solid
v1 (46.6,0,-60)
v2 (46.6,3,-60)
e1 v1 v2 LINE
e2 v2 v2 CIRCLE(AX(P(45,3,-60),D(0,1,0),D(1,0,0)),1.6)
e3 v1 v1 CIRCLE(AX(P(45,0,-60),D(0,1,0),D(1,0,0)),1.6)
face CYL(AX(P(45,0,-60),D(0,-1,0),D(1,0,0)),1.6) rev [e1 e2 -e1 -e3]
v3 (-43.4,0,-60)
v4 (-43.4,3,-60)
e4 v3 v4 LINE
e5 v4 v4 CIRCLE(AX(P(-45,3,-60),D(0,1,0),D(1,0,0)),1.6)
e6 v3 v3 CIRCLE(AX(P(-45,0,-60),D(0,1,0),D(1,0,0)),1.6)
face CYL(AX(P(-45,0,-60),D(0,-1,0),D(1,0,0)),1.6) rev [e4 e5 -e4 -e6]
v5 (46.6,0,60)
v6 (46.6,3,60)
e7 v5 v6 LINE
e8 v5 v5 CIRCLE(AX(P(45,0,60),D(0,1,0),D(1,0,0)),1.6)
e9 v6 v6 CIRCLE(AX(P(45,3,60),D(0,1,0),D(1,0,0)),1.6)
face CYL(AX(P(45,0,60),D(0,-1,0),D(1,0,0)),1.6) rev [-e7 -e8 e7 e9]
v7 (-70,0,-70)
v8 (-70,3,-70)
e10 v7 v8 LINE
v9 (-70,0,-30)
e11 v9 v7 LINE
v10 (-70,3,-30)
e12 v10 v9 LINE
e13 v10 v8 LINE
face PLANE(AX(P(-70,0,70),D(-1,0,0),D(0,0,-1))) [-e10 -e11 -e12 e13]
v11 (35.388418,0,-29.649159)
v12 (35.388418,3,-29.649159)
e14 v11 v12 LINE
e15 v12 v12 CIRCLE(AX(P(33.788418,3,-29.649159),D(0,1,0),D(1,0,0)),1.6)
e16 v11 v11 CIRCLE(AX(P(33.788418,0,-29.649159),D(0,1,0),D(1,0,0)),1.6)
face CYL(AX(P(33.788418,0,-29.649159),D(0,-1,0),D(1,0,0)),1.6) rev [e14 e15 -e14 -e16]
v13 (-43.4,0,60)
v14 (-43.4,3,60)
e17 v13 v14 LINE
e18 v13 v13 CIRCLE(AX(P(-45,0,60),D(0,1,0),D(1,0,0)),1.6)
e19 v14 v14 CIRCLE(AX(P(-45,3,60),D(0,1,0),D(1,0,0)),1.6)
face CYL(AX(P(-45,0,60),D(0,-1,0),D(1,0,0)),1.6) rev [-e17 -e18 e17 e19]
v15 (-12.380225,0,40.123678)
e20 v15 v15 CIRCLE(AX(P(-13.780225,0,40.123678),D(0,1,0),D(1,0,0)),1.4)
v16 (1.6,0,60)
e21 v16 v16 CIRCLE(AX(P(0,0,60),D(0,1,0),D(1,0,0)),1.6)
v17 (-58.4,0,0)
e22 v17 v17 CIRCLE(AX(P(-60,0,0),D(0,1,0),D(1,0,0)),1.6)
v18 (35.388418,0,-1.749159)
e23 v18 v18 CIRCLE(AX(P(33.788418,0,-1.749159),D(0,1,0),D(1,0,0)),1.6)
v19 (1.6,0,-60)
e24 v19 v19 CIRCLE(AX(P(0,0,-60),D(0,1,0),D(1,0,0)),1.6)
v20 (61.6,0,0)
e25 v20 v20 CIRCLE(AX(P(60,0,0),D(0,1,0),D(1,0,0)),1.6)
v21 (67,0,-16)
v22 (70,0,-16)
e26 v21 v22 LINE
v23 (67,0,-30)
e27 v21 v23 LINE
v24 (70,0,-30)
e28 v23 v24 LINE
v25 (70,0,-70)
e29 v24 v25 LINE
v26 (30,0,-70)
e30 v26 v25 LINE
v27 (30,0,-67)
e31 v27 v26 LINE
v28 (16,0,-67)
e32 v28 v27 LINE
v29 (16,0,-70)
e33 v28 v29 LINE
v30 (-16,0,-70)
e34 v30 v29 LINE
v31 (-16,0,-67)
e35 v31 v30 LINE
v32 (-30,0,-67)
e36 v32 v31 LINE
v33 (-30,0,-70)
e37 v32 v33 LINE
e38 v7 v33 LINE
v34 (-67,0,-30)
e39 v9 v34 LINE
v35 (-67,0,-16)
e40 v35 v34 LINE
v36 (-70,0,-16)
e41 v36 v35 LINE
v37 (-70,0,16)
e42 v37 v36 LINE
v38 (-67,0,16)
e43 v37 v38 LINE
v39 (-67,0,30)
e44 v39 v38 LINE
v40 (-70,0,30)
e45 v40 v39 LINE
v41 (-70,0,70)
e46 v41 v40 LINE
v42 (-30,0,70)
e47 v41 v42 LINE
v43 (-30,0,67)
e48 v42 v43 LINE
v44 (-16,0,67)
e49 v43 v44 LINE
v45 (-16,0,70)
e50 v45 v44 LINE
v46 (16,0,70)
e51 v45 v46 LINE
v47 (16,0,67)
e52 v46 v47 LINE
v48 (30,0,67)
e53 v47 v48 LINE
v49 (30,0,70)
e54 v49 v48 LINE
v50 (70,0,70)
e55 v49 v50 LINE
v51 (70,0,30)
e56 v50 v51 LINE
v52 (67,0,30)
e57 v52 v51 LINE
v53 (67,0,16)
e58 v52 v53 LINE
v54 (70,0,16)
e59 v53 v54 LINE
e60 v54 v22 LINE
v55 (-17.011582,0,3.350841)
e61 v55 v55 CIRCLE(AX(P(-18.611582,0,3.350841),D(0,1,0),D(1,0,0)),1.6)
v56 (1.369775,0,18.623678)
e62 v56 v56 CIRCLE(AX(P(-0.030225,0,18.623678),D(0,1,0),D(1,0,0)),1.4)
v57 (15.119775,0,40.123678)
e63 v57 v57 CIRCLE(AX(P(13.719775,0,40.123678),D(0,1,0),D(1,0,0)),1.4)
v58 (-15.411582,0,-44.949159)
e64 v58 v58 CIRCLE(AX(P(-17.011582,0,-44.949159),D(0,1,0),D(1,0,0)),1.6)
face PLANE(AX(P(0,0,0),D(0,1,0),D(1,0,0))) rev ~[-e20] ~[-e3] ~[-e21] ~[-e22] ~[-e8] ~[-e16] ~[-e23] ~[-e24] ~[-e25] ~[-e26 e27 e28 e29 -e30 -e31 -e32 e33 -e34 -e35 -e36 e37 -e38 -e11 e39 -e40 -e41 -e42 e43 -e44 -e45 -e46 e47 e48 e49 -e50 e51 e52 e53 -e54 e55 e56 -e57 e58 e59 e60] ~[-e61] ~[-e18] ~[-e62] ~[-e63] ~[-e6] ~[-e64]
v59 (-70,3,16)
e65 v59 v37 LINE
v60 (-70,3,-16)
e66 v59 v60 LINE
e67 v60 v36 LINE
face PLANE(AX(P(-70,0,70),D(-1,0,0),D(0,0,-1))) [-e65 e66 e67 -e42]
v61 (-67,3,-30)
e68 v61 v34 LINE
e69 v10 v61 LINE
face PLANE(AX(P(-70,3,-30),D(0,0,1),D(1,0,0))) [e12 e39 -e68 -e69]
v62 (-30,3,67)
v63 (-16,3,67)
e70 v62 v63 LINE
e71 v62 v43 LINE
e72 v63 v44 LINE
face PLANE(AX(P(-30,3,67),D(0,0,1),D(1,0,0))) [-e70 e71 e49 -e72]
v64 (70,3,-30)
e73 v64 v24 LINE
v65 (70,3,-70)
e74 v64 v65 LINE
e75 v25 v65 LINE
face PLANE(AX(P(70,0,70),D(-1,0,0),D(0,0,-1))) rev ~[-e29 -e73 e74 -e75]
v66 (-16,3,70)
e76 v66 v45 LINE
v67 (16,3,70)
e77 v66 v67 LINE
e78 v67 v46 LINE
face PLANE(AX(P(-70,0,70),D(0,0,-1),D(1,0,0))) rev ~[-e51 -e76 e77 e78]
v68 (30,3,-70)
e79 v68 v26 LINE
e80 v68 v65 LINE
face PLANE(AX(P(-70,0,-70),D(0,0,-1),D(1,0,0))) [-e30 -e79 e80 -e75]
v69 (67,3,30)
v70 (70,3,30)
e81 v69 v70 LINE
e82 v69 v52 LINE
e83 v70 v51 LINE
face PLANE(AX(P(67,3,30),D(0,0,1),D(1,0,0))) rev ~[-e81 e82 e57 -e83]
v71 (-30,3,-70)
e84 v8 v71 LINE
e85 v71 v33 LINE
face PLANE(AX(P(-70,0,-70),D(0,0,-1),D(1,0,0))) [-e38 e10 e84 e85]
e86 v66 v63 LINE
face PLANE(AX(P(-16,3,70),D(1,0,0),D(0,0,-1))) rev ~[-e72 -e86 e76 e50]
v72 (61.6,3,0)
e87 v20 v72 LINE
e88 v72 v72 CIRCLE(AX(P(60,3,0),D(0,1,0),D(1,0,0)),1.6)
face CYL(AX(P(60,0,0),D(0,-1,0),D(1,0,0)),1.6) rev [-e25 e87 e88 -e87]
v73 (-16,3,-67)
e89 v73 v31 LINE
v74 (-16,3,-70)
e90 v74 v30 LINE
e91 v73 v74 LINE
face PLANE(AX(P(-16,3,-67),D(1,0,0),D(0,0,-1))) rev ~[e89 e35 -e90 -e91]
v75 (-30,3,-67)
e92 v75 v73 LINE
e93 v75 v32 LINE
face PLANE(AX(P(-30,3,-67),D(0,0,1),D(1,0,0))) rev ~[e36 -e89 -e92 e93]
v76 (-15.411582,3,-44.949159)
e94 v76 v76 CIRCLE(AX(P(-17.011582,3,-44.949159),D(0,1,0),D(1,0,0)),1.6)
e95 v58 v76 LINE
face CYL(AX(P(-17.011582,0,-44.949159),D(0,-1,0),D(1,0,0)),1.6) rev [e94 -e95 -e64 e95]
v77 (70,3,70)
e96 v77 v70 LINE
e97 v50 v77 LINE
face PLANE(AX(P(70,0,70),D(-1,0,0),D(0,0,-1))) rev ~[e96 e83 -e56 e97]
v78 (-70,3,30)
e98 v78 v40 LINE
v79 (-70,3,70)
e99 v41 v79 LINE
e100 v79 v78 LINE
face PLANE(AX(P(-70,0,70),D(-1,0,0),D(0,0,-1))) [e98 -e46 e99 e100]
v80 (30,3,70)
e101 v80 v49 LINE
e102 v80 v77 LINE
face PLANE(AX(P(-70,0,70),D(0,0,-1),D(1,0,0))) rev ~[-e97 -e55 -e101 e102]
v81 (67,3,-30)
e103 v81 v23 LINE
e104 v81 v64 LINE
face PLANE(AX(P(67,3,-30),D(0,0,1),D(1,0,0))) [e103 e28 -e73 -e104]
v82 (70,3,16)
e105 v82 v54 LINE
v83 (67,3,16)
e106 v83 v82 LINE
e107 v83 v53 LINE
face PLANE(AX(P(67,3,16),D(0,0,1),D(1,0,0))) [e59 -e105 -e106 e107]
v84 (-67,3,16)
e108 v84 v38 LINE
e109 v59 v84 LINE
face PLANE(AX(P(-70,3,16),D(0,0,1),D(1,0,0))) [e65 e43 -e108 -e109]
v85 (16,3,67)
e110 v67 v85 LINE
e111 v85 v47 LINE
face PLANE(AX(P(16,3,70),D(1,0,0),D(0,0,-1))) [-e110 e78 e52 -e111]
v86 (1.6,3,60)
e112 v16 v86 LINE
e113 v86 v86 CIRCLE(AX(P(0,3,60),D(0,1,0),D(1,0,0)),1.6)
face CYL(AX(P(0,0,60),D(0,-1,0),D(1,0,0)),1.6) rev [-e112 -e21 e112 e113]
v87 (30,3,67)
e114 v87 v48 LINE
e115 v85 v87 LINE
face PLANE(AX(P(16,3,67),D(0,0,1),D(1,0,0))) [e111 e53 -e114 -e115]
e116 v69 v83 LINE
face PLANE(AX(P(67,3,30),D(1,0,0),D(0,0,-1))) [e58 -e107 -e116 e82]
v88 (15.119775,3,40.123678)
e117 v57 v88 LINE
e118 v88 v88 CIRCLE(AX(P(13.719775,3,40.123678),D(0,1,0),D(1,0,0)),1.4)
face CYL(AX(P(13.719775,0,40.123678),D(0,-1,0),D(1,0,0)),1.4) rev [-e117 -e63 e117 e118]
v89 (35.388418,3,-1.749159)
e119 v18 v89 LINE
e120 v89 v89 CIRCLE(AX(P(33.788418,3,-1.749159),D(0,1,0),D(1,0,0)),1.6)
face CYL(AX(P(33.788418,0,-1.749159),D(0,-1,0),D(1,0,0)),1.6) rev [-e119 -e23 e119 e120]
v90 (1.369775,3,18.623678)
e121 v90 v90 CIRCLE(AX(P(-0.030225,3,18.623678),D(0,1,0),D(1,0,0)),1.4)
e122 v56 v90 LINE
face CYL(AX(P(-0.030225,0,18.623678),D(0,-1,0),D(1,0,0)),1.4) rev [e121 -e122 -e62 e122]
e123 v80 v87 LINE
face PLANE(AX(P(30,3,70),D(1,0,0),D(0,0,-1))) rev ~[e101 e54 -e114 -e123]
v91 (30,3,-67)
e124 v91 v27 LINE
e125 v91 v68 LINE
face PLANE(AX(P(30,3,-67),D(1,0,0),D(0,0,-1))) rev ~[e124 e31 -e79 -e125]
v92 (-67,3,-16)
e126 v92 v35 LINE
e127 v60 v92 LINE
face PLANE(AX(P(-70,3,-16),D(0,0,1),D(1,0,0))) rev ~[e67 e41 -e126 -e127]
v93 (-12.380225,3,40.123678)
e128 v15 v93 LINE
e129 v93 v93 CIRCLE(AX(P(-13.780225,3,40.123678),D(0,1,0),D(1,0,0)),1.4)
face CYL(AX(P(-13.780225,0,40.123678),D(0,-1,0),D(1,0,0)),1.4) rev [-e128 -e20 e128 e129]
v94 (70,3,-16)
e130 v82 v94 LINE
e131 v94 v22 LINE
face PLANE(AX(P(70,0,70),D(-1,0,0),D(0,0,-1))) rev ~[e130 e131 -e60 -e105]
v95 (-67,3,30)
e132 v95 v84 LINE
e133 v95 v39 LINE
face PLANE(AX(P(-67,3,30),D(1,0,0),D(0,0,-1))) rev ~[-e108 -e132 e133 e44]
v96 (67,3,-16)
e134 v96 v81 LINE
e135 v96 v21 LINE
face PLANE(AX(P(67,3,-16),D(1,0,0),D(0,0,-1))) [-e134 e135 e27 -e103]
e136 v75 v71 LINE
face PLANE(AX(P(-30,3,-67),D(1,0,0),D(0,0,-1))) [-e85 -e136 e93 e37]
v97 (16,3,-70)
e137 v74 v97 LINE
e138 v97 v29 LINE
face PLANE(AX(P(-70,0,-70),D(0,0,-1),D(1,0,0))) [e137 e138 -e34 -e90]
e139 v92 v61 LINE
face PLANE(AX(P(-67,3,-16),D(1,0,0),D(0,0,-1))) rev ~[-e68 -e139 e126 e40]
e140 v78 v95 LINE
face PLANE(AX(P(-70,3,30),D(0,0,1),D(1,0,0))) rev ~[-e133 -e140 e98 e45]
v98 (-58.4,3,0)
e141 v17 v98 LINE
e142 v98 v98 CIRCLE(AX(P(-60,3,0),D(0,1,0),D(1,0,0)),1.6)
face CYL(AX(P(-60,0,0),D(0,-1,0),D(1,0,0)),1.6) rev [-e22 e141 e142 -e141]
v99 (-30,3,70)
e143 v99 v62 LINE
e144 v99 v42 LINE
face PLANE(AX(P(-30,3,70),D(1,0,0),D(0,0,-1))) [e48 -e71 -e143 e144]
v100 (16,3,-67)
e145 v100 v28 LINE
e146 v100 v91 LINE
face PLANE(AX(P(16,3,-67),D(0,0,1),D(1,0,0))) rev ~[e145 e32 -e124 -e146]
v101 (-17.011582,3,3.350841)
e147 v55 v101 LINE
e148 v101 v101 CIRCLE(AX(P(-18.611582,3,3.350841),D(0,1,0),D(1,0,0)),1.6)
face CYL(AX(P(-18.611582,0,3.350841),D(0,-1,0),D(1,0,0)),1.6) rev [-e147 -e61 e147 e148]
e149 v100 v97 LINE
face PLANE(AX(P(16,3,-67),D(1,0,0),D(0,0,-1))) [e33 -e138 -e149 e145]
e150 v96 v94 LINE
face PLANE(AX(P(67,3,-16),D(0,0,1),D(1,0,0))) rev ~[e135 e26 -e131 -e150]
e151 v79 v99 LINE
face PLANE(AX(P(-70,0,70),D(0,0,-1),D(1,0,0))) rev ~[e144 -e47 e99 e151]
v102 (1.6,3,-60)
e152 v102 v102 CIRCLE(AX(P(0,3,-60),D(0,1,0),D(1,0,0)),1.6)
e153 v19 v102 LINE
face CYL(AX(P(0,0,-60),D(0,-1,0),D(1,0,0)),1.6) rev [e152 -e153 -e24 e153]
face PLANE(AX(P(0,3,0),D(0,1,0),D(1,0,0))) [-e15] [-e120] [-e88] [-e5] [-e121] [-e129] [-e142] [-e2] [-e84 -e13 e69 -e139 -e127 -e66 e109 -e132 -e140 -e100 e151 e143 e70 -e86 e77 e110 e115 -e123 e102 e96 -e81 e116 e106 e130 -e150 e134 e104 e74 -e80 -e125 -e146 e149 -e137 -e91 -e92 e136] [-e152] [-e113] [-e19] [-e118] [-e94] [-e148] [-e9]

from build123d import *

# Parameters (mm, degrees)
SKETCH2_W           = 140
SKETCH2_H           = 140
SKETCH2_R           = 1.6
SKETCH2_R_2         = 1.4
BOSS_EXTRUDE2_DEPTH = 3
SKETCH3_W           = 14
SKETCH3_H           = 3
SKETCH3_W_2         = 3
SKETCH3_H_2         = 14
CUT_EXTRUDE1_DEPTH  = 10


with BuildPart() as part:
    # Sketch2 → Boss-Extrude2 (new body)
    with BuildSketch(Plane(origin=(0, 0, 0), x_dir=(1, 0, 0), z_dir=(0, 1, 0))):
        Rectangle(SKETCH2_W, SKETCH2_H)
        with Locations((-17.011581703, 44.949159058)):
            Circle(SKETCH2_R, mode=Mode.SUBTRACT)
        with Locations((-18.611581703, -3.350840942)):
            Circle(SKETCH2_R, mode=Mode.SUBTRACT)
        with Locations((33.788418297, 29.649159058)):
            Circle(SKETCH2_R, mode=Mode.SUBTRACT)
        with Locations((33.788418297, 1.749159058)):
            Circle(SKETCH2_R, mode=Mode.SUBTRACT)
        with Locations((0, 60)):
            Circle(SKETCH2_R, mode=Mode.SUBTRACT)
        with Locations((-60, 0)):
            Circle(SKETCH2_R, mode=Mode.SUBTRACT)
        with Locations((0, -60)):
            Circle(SKETCH2_R, mode=Mode.SUBTRACT)
        with Locations((60, 0)):
            Circle(SKETCH2_R, mode=Mode.SUBTRACT)
        with Locations((-45, 60)):
            Circle(SKETCH2_R, mode=Mode.SUBTRACT)
        with Locations((45, 60)):
            Circle(SKETCH2_R, mode=Mode.SUBTRACT)
        with Locations((-45, -60)):
            Circle(SKETCH2_R, mode=Mode.SUBTRACT)
        with Locations((45, -60)):
            Circle(SKETCH2_R, mode=Mode.SUBTRACT)
        with Locations((-0.030225379, -18.62367845)):
            Circle(SKETCH2_R_2, mode=Mode.SUBTRACT)
        with Locations((-13.780225379, -40.12367845)):
            Circle(SKETCH2_R_2, mode=Mode.SUBTRACT)
        with Locations((13.719774621, -40.12367845)):
            Circle(SKETCH2_R_2, mode=Mode.SUBTRACT)
    extrude(amount=BOSS_EXTRUDE2_DEPTH)

    # Sketch3 → Cut-Extrude1 (cut)
    with BuildSketch(Plane(origin=(0, 3, 0), x_dir=(1, 0, 0), z_dir=(0, 1, 0))):
        with Locations((23, -68.5)):
            Rectangle(SKETCH3_W, SKETCH3_H)
        with Locations((23, 68.5)):
            Rectangle(SKETCH3_W, SKETCH3_H)
        with Locations((-23, 68.5)):
            Rectangle(SKETCH3_W, SKETCH3_H)
        with Locations((-23, -68.5)):
            Rectangle(SKETCH3_W, SKETCH3_H)
        with Locations((68.5, -23)):
            Rectangle(SKETCH3_W_2, SKETCH3_H_2)
        with Locations((68.5, 23)):
            Rectangle(SKETCH3_W_2, SKETCH3_H_2)
        with Locations((-68.5, 23)):
            Rectangle(SKETCH3_W_2, SKETCH3_H_2)
        with Locations((-68.5, -23)):
            Rectangle(SKETCH3_W_2, SKETCH3_H_2)
    extrude(amount=-CUT_EXTRUDE1_DEPTH, mode=Mode.SUBTRACT)


solid = part.part
